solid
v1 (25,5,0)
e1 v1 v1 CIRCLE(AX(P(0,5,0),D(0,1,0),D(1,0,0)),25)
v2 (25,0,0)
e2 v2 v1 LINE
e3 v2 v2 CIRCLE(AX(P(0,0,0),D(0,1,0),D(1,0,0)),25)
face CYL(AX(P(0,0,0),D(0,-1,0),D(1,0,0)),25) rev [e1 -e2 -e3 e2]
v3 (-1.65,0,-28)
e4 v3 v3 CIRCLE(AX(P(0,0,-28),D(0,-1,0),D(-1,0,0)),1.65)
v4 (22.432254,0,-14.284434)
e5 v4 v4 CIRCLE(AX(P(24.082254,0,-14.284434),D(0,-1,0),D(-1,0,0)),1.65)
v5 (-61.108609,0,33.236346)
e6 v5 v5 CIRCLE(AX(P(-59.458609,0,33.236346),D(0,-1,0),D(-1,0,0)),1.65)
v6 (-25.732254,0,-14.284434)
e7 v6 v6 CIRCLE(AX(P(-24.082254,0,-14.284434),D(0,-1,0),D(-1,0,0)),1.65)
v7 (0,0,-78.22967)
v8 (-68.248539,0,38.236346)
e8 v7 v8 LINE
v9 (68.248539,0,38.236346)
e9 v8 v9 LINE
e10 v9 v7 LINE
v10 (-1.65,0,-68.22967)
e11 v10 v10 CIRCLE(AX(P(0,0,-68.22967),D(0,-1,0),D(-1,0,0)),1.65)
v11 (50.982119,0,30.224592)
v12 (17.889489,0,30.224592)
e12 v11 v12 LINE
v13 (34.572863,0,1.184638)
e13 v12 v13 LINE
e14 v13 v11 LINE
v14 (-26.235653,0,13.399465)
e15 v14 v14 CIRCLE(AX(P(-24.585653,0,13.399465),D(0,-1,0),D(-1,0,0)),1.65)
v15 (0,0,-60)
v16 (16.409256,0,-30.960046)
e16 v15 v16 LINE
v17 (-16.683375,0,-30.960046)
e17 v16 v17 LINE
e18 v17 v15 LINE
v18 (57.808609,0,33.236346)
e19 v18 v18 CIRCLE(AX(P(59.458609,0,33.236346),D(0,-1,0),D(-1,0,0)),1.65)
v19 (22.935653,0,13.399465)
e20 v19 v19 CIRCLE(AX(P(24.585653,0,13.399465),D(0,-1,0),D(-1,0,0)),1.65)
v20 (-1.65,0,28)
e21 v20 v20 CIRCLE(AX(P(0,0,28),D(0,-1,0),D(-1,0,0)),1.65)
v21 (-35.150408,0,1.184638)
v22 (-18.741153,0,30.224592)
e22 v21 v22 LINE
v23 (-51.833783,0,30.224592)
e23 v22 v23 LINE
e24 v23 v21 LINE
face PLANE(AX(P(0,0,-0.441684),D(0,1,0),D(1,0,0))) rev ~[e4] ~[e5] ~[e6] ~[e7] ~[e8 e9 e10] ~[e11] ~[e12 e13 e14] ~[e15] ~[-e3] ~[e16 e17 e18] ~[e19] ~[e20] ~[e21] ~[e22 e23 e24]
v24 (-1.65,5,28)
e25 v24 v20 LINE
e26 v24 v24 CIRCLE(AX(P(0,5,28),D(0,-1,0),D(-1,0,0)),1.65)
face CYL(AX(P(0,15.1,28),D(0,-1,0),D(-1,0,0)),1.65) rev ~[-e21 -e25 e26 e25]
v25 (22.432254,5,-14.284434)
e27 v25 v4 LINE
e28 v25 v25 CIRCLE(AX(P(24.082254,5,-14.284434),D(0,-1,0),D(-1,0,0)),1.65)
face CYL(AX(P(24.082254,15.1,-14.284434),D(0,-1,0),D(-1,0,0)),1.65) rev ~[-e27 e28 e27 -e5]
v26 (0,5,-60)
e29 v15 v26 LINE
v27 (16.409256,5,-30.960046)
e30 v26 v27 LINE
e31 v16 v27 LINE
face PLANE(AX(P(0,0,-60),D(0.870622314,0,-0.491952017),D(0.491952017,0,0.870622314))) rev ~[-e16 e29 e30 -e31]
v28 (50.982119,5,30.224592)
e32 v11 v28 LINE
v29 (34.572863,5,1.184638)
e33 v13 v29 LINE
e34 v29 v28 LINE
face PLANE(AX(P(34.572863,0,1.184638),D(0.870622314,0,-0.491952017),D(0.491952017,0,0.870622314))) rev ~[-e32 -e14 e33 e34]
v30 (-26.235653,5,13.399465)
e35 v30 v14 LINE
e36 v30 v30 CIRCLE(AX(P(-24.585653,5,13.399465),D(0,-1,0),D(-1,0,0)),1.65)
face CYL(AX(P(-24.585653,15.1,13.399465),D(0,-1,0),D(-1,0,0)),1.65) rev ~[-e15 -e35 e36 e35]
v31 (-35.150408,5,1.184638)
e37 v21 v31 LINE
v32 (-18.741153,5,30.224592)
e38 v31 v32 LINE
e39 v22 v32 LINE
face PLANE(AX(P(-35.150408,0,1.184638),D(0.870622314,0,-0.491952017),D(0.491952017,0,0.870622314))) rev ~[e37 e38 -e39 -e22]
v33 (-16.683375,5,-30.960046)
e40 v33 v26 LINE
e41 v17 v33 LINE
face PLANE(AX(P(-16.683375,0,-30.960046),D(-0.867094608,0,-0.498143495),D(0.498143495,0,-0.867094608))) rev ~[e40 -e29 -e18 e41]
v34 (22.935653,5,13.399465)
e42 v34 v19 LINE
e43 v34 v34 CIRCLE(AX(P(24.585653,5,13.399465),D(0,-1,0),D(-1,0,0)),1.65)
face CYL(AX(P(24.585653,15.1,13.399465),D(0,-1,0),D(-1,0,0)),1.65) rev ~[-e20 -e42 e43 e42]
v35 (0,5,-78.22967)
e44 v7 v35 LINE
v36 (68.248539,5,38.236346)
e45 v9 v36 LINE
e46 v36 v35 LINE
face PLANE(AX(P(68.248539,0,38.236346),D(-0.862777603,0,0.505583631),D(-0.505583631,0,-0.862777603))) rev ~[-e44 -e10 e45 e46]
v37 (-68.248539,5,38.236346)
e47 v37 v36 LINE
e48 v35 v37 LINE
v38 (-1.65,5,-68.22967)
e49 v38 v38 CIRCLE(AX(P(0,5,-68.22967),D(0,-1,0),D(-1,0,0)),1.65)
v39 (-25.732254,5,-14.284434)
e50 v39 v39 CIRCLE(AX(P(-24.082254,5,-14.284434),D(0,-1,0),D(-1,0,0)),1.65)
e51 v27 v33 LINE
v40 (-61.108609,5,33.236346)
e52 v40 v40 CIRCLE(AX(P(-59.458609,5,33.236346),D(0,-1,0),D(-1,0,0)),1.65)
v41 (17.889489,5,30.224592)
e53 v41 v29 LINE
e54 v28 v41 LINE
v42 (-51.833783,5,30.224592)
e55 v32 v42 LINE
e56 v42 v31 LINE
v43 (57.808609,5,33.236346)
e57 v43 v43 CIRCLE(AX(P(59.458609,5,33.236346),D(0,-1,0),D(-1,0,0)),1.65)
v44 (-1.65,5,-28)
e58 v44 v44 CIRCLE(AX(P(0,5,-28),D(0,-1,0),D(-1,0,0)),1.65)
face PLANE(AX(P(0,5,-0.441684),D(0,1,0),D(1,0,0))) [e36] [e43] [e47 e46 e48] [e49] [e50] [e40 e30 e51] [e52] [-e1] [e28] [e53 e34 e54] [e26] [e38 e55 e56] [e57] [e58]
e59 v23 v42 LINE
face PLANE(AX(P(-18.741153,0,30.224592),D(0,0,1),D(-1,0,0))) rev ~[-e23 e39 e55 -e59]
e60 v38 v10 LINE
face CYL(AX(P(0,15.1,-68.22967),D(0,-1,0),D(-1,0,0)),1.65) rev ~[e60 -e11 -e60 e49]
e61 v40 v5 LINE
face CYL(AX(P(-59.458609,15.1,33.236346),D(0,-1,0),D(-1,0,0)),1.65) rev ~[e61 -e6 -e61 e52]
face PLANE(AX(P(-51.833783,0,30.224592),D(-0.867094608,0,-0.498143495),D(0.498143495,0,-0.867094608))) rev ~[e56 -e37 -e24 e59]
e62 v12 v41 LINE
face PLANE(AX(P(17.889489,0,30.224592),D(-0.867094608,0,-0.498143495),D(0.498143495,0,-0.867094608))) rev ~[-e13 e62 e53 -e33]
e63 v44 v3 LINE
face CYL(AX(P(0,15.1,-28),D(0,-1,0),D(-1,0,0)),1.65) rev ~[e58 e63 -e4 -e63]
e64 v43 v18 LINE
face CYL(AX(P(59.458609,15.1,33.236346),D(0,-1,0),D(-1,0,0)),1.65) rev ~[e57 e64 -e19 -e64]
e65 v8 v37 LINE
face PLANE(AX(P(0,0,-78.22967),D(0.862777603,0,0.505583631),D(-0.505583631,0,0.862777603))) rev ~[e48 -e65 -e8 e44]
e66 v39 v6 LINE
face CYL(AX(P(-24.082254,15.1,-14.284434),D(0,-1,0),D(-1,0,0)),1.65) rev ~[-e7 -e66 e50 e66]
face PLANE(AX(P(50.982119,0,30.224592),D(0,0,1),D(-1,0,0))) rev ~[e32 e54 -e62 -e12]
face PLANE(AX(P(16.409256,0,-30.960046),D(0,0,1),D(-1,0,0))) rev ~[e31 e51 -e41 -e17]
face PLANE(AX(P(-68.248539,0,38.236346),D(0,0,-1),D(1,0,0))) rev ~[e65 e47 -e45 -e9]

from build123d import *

# Parameters (mm, degrees)
SKETCH_1_R             = 25
EXTRUDE_1_DEPTH        = 5
HOLE_WIZARD_M4_2_D     = 3.3
HOLE_WIZARD_M4_2_DEPTH = 10.1
HOLE_WIZARD_M4_2_TIP   = 0.991420021
HOLE_WIZARD_M4_4_D     = 3.3
HOLE_WIZARD_M4_4_DEPTH = 10.1
HOLE_WIZARD_M4_4_TIP   = 0.991420021


with BuildPart() as part:
    # 草图1 → 凸台-拉伸1 (new body)
    with BuildSketch(Plane(origin=(0, 0, 0), x_dir=(1, 0, 0), z_dir=(0, 1, 0))):
        Polygon((0, 78.229669783), (-68.248539171, -38.236345737), (68.248539171, -38.236345737), align=None)
        Polygon((0, 60), (16.409255523, 30.960045876), (-16.683374686, 30.960045876), align=None, mode=Mode.SUBTRACT)
        Polygon((34.572863234, -1.184638197), (50.982118757, -30.224592321), (17.889488548, -30.224592321), align=None, mode=Mode.SUBTRACT)
        Polygon((-18.741152763, -30.224592321), (-51.833782972, -30.224592321), (-35.150408286, -1.184638197), align=None, mode=Mode.SUBTRACT)
        Circle(SKETCH_1_R, mode=Mode.SUBTRACT)
    extrude(amount=EXTRUDE_1_DEPTH)

    # M4 螺纹孔2
    with Locations(Plane(origin=(0, 5, 0), x_dir=(1, 0, 0), z_dir=(0, 1, 0))):
        with Locations((-24.082253567, 14.284434295), (0, 28), (24.082253567, 14.284434295), (24.585652853, -13.39946543), (0, -28), (-24.585652853, -13.39946543)):
            Hole(HOLE_WIZARD_M4_2_D / 2, depth=HOLE_WIZARD_M4_2_DEPTH)
            with Locations((0, 0, -(HOLE_WIZARD_M4_2_DEPTH + HOLE_WIZARD_M4_2_TIP / 2))):  # 118° drill point
                Cone(0, HOLE_WIZARD_M4_2_D / 2, HOLE_WIZARD_M4_2_TIP, mode=Mode.SUBTRACT)

    # M4 螺纹孔4
    with Locations(Plane(origin=(0, 5, 0), x_dir=(1, 0, 0), z_dir=(0, 1, 0))):
        with Locations((59.458609482, -33.236345737), (0, 68.229669783), (-59.458609482, -33.236345737)):
            Hole(HOLE_WIZARD_M4_4_D / 2, depth=HOLE_WIZARD_M4_4_DEPTH)
            with Locations((0, 0, -(HOLE_WIZARD_M4_4_DEPTH + HOLE_WIZARD_M4_4_TIP / 2))):  # 118° drill point
                Cone(0, HOLE_WIZARD_M4_4_D / 2, HOLE_WIZARD_M4_4_TIP, mode=Mode.SUBTRACT)


solid = part.part
